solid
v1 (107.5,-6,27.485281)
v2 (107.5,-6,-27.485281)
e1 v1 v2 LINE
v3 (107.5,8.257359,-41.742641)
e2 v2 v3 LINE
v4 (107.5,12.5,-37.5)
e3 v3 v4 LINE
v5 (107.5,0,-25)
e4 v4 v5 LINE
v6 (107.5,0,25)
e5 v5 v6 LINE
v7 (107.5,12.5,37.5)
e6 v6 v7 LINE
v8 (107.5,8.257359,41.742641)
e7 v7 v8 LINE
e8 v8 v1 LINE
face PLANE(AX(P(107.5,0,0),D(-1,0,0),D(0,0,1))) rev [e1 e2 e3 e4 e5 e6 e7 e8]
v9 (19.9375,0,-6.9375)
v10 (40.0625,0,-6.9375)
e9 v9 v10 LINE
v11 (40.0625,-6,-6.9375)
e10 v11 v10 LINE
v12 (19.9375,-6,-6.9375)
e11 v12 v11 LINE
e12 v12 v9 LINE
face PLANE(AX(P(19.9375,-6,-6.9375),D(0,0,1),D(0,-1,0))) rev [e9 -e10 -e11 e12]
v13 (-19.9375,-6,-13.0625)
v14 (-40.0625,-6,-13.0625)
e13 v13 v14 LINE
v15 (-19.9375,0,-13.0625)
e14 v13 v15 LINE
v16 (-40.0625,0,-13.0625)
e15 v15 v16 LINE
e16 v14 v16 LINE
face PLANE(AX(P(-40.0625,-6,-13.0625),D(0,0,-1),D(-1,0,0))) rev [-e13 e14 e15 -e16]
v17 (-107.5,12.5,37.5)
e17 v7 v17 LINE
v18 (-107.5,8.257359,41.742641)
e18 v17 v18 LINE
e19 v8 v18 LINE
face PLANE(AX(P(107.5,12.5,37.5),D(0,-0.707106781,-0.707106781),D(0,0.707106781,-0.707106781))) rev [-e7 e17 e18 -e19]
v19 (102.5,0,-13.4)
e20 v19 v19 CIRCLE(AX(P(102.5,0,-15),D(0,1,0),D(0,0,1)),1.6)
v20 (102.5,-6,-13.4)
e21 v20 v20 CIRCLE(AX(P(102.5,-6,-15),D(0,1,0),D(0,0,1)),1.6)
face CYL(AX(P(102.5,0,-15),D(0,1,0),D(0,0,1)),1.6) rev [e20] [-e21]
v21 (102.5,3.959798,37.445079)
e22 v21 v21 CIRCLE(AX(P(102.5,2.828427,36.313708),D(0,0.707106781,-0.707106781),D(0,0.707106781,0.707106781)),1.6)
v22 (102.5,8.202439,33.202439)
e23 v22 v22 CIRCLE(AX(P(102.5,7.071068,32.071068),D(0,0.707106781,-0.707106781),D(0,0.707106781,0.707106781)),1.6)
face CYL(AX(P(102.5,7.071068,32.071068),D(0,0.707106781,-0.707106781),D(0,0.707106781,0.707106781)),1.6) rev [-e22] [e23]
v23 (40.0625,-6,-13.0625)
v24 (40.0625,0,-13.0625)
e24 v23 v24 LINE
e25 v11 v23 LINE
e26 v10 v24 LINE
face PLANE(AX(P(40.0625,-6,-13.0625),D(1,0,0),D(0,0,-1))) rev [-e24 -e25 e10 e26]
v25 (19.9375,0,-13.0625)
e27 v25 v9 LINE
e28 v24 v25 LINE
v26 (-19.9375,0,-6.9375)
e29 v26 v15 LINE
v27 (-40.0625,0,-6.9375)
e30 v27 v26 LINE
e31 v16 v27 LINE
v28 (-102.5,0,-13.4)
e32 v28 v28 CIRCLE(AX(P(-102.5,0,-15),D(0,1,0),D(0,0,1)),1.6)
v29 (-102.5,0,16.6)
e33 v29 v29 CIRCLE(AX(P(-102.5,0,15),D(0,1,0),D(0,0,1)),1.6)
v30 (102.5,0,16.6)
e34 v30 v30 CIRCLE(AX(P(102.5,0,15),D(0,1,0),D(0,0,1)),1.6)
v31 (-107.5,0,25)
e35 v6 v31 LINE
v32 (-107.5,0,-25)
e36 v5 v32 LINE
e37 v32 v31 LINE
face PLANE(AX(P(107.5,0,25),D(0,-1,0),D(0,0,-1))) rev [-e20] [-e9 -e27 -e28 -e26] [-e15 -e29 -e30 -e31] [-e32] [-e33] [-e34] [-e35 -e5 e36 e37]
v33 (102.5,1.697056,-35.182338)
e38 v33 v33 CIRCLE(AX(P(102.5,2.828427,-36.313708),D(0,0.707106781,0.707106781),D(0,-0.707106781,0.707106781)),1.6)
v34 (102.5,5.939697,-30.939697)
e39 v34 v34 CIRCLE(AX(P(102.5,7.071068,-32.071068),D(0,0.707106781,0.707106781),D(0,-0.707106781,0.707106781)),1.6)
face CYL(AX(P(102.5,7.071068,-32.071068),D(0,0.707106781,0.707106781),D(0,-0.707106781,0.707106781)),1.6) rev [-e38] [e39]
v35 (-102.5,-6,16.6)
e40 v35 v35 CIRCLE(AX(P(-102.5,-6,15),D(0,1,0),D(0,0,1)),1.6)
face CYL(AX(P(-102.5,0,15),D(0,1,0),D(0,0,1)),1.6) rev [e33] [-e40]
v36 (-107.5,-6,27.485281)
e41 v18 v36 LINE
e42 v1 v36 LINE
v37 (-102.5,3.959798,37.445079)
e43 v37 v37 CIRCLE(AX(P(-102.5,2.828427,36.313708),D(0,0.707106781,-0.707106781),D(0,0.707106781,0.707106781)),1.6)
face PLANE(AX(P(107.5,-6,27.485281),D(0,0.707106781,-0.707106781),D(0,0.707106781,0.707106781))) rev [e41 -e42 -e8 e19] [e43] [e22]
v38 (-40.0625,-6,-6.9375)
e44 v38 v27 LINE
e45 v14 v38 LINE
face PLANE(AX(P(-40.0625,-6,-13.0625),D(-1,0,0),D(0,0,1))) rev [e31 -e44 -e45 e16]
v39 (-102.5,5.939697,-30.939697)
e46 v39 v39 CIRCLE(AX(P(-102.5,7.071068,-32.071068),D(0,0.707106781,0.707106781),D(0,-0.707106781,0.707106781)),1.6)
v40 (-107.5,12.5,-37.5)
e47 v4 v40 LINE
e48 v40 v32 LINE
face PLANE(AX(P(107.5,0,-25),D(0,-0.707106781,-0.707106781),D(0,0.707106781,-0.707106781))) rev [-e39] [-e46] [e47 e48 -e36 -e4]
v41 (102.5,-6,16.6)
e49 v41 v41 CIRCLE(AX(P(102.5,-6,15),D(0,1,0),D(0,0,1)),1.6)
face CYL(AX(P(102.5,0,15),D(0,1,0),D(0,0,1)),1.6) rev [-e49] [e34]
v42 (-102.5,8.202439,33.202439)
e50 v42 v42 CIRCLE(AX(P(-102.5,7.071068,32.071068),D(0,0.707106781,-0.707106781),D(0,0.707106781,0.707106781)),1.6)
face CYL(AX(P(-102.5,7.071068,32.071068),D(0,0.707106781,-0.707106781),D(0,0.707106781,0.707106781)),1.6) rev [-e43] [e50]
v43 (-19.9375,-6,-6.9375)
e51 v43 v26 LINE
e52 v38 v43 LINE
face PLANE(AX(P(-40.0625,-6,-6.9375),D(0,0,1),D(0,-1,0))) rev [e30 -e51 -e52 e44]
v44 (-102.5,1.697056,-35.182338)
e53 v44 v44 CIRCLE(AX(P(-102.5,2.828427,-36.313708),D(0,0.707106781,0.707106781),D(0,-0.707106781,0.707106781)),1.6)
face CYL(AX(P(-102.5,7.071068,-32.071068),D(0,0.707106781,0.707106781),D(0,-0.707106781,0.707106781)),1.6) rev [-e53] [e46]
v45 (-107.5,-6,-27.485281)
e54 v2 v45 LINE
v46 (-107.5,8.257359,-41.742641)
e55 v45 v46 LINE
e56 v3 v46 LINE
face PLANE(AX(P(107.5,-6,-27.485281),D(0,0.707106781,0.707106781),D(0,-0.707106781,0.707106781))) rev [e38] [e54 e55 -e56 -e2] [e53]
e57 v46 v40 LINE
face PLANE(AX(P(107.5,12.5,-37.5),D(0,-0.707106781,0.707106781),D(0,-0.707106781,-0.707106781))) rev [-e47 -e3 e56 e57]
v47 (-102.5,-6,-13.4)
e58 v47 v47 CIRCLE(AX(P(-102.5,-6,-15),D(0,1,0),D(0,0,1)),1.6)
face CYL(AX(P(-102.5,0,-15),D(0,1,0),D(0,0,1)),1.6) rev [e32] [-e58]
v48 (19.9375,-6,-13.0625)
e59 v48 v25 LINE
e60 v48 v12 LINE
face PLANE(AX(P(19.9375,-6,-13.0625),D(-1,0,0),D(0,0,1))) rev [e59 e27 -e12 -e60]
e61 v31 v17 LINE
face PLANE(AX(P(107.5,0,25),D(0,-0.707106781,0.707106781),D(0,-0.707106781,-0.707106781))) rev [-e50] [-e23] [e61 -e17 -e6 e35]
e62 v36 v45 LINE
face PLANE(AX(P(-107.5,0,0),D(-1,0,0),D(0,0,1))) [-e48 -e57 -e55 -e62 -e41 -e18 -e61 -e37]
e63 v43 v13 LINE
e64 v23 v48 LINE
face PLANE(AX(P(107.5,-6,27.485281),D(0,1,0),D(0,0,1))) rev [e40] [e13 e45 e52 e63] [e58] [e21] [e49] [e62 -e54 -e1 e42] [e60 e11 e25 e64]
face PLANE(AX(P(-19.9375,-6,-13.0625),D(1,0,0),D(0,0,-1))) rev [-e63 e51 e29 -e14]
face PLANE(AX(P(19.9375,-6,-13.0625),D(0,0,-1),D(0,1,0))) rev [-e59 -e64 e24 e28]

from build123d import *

# Parameters (mm, degrees)
MAIN_DEPTH                      = 107.5
F_4_0MM_DOWEL_HOLE2_D           = 3.2
F_4_0MM_DOWEL_HOLE2_ON_FACE_2_D = 3.2
F_4_0MM_DOWEL_HOLE2_ON_FACE_3_D = 3.2
F_4_0MM_DOWEL_HOLE2_ON_FACE_4_D = 3.2
SKETCH6_W                       = 20.125
SKETCH6_H                       = 6.125
SHELF_CUT_DEPTH                 = 116.995465651


with BuildPart() as part:
    # Sketch2 → Main (new, symmetric)
    with BuildSketch(Plane(origin=(0, 0, 0), x_dir=(0, 0, -1), z_dir=(1, 0, 0))):
        Polygon((-25, 0), (25, 0), (37.5, 12.5), (41.742640687, 8.257359313), (27.485281374, -6), (-27.485281374, -6), (-41.742640687, 8.257359313), (-37.5, 12.5), align=None)
    extrude(amount=MAIN_DEPTH, both=True)

    # Ø4.0mm Dowel Hole2 (through all)
    with Locations(Plane(origin=(-102.5, 7.071067812, -32.071067812), x_dir=(0, 0.707106781187, -0.707106781187), z_dir=(0, 0.707106781187, 0.707106781187))):
        with Locations((0, 0)):
            Hole(F_4_0MM_DOWEL_HOLE2_D / 2)

    # Ø4.0mm Dowel Hole2 on face 2 (through all)
    with Locations(Plane(origin=(-102.5, 0, -15), x_dir=(0, 0, 1), z_dir=(0, 1, 0))):
        with Locations((0, 0), (30, 0), (30, 205), (0, 205)):
            Hole(F_4_0MM_DOWEL_HOLE2_ON_FACE_2_D / 2)

    # Ø4.0mm Dowel Hole2 on face 3 (through all)
    with Locations(Plane(origin=(-102.5, 7.071067812, 32.071067812), x_dir=(0, -0.707106781187, -0.707106781187), z_dir=(0, 0.707106781187, -0.707106781187))):
        with Locations((0, 0), (0, -205)):
            Hole(F_4_0MM_DOWEL_HOLE2_ON_FACE_3_D / 2)

    # Ø4.0mm Dowel Hole2 on face 4 (through all)
    with Locations(Plane(origin=(102.5, 7.071067812, -32.071067812), x_dir=(0, 0.707106781187, -0.707106781187), z_dir=(0, 0.707106781187, 0.707106781187))):
        with Locations((0, 0)):
            Hole(F_4_0MM_DOWEL_HOLE2_ON_FACE_4_D / 2)

    # Sketch6 → Shelf cut (cut, through all)
    with BuildSketch(Plane(origin=(0, 0, 0), x_dir=(1, 0, 0), z_dir=(0, 1, 0))):
        with Locations((30, 10)):
            Rectangle(SKETCH6_W, SKETCH6_H)
        with Locations((-30, 10)):
            Rectangle(SKETCH6_W, SKETCH6_H)
    extrude(amount=-SHELF_CUT_DEPTH, mode=Mode.SUBTRACT)


solid = part.part
